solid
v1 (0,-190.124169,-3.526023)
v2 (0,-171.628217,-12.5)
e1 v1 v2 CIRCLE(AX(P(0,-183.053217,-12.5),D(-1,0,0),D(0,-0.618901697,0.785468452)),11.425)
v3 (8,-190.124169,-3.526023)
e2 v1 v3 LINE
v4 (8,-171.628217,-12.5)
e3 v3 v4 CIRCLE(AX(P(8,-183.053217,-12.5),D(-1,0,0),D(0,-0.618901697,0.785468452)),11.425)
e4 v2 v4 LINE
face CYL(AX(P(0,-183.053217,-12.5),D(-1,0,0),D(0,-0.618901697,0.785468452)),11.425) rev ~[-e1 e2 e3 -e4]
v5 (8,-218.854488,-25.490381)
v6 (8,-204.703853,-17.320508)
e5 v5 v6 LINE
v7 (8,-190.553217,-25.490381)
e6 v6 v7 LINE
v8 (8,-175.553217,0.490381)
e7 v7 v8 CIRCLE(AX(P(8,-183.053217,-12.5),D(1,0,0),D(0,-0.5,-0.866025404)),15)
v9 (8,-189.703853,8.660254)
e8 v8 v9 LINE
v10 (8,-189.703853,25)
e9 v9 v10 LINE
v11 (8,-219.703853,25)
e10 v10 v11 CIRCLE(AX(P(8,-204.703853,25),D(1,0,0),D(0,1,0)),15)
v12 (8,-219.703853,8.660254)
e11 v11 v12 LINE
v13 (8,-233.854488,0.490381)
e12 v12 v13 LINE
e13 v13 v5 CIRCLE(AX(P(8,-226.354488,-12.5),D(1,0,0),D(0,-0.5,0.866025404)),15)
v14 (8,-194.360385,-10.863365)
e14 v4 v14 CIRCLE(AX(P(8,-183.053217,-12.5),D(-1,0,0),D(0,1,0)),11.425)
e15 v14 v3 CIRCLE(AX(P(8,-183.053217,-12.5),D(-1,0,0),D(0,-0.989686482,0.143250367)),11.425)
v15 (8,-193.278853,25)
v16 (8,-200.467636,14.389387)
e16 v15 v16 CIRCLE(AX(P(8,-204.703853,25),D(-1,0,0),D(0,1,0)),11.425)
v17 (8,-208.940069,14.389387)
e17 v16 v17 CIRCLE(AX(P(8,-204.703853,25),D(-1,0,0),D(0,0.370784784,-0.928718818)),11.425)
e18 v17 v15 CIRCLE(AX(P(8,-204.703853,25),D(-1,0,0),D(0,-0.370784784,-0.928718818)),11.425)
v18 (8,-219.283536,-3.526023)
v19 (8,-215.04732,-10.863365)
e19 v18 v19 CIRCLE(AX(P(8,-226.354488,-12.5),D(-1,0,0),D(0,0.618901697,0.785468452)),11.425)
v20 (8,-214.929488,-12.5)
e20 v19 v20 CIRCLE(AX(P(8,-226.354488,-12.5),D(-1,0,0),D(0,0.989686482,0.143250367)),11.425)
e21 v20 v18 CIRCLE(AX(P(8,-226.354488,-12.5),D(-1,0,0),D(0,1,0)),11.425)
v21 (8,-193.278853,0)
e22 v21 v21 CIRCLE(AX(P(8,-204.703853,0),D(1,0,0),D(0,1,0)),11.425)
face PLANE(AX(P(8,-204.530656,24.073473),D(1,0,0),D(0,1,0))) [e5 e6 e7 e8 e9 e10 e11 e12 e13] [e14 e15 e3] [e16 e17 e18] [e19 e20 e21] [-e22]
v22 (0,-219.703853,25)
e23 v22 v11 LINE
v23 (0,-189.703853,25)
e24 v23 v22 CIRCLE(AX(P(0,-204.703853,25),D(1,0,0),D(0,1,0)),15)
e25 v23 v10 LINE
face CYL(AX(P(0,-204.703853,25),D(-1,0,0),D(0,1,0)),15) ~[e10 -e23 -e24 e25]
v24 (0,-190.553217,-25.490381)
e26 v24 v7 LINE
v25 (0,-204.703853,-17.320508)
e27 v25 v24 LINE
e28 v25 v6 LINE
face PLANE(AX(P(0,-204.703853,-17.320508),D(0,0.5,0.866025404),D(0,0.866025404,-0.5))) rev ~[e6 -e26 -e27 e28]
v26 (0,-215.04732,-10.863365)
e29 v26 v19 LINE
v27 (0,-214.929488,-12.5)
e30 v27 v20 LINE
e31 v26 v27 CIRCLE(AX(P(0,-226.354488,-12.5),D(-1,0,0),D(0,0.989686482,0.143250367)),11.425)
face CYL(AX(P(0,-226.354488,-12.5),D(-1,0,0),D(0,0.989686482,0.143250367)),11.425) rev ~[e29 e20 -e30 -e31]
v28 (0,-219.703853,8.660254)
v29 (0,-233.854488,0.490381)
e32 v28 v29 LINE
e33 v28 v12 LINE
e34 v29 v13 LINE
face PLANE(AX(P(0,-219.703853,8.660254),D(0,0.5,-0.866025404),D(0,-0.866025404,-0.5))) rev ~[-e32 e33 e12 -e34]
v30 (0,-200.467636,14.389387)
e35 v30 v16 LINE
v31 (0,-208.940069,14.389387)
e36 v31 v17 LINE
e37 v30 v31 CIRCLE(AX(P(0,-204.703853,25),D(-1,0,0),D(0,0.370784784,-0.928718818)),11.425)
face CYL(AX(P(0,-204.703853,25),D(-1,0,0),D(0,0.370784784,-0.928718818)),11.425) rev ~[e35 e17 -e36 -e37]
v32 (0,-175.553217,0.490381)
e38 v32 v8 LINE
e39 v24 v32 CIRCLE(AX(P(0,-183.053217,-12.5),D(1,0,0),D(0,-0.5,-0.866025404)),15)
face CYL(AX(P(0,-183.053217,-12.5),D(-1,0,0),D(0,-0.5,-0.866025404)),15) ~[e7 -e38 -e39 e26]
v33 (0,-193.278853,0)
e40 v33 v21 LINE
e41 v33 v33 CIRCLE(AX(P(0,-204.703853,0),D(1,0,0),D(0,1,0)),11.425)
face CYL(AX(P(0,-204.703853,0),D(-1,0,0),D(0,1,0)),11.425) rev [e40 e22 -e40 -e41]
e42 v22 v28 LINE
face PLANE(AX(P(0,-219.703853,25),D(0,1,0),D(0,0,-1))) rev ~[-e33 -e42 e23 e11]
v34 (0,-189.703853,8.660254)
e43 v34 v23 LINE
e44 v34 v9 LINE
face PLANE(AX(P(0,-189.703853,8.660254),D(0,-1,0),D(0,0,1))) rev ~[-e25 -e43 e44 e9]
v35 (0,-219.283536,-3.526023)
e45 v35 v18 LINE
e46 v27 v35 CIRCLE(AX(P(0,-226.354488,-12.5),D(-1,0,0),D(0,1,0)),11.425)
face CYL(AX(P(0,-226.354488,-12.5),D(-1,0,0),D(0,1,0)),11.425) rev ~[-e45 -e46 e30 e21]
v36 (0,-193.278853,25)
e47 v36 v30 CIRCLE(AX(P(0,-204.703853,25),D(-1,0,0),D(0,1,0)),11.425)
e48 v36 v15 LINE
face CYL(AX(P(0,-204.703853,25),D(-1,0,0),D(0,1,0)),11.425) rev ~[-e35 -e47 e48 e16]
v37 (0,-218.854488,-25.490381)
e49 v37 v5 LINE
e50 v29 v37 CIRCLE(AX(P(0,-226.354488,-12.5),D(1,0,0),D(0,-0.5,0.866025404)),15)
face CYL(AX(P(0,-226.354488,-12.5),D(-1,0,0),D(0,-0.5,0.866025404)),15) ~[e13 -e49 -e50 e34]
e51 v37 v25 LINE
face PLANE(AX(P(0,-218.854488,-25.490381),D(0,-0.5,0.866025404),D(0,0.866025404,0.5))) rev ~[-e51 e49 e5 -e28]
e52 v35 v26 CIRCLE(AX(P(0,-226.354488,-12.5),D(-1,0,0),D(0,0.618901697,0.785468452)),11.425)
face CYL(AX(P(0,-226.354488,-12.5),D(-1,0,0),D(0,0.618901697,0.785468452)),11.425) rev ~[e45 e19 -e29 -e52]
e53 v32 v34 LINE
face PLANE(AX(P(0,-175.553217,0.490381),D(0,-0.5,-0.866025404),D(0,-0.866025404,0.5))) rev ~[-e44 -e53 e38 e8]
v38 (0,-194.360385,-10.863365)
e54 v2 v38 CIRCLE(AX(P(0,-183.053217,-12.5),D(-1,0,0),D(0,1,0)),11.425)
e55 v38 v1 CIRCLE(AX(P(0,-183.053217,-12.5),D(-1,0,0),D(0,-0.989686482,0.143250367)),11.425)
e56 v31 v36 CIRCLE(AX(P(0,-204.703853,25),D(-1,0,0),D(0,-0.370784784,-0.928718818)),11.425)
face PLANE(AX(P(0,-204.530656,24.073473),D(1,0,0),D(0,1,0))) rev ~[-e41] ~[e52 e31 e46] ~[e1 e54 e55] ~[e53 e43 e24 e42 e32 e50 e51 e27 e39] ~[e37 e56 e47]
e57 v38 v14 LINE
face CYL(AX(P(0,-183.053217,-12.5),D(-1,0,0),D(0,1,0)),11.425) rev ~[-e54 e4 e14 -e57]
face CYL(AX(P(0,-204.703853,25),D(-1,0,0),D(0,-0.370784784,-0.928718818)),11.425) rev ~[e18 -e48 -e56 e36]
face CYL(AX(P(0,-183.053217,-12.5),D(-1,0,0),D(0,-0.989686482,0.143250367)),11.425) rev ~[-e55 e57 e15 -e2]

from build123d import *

# Parameters (mm, degrees)
F0_R     = 11.425
F1_DEPTH = 8


with BuildPart() as f1:
    # F0 (on Right) → F1 (new body)
    with BuildSketch(Plane.YZ):
        with BuildLine():
            ThreePointArc((-208.9400686967, 14.3893875), (-211.1121227902, 34.458577976), (-193.2788525343, 25))
            ThreePointArc((-193.2788525343, 25), (-195.2452745583, 18.5917297441), (-200.4676363719, 14.3893875))
            ThreePointArc((-200.4676363719, 14.3893875), (-198.7941996503, 13.7868053874), (-197.2038525343, 12.9903810568))
            Line((-197.2038525343, 12.9903810568), (-189.7038525343, 8.6602540378))
            Line((-189.7038525343, 8.6602540378), (-189.7038525343, 25))
            ThreePointArc((-189.7038525343, 25), (-204.7038525343, 40), (-219.7038525343, 25))
            Line((-219.7038525343, 25), (-219.7038525343, 8.6602540378))
            Line((-219.7038525343, 8.6602540378), (-212.2038525343, 12.9903810568))
            ThreePointArc((-212.2038525343, 12.9903810568), (-210.6135054183, 13.7868053874), (-208.9400686967, 14.3893875))
        make_face()
        with BuildLine():
            ThreePointArc((-219.7038525343, 0), (-217.6942335911, 7.5), (-212.2038525343, 12.9903810568))
            Line((-212.2038525343, 12.9903810568), (-219.7038525343, 8.6602540378))
            Line((-219.7038525343, 8.6602540378), (-219.7038525343, 0))
        make_face()
        with BuildLine():
            Line((-189.7038525343, 8.6602540378), (-197.2038525343, 12.9903810568))
            ThreePointArc((-197.2038525343, 12.9903810568), (-191.7134714775, 7.5), (-189.7038525343, 0))
            Line((-189.7038525343, 0), (-189.7038525343, 8.6602540378))
        make_face()
        with BuildLine():
            Line((-219.7038525343, 0), (-219.7038525343, 8.6602540378))
            Line((-219.7038525343, 8.6602540378), (-233.8544876289, 0.4903810568))
            ThreePointArc((-233.8544876289, 0.4903810568), (-239.3448686857, -20), (-218.8544876289, -25.4903810568))
            Line((-218.8544876289, -25.4903810568), (-204.7038525343, -17.3205080757))
            Line((-204.7038525343, -17.3205080757), (-212.2038525343, -12.9903810568))
            ThreePointArc((-212.2038525343, -12.9903810568), (-213.6887497948, -12.0113122188), (-215.047319573, -10.8633645626))
            ThreePointArc((-215.047319573, -10.8633645626), (-214.9589836901, -11.6795641521), (-214.9294876289, -12.5))
            ThreePointArc((-214.9294876289, -12.5), (-236.6335014528, -17.487233683), (-219.2835357354, -3.5260229374))
            ThreePointArc((-219.2835357354, -3.5260229374), (-219.5984026788, -1.7754931686), (-219.7038525343, 0))
        make_face()
        with BuildLine():
            Line((-189.7038525343, 8.6602540378), (-189.7038525343, 0))
            ThreePointArc((-189.7038525343, 0), (-189.8093023897, -1.7754931686), (-190.1241693332, -3.5260229374))
            ThreePointArc((-190.1241693332, -3.5260229374), (-178.0659837567, -2.2209861761), (-171.6282174397, -12.5))
            ThreePointArc((-171.6282174397, -12.5), (-183.8736532876, -23.8955039388), (-194.3603854956, -10.8633645626))
            ThreePointArc((-194.3603854956, -10.8633645626), (-195.7189552738, -12.0113122188), (-197.2038525343, -12.9903810568))
            Line((-197.2038525343, -12.9903810568), (-204.7038525343, -17.3205080757))
            Line((-204.7038525343, -17.3205080757), (-190.5532174397, -25.4903810568))
            ThreePointArc((-190.5532174397, -25.4903810568), (-170.0628363829, -20), (-175.5532174397, 0.4903810568))
            Line((-175.5532174397, 0.4903810568), (-189.7038525343, 8.6602540378))
        make_face()
        with BuildLine():
            Line((-212.2038525343, -12.9903810568), (-204.7038525343, -17.3205080757))
            Line((-204.7038525343, -17.3205080757), (-197.2038525343, -12.9903810568))
            ThreePointArc((-197.2038525343, -12.9903810568), (-204.7038525343, -15), (-212.2038525343, -12.9903810568))
        make_face()
        with BuildLine():
            ThreePointArc((-200.4676363719, 14.3893875), (-204.7038525343, 13.575), (-208.9400686967, 14.3893875))
            ThreePointArc((-208.9400686967, 14.3893875), (-210.6135054183, 13.7868053874), (-212.2038525343, 12.9903810568))
            ThreePointArc((-212.2038525343, 12.9903810568), (-217.6942335911, 7.5), (-219.7038525343, 0))
            ThreePointArc((-219.7038525343, 0), (-219.5984026788, -1.7754931686), (-219.2835357354, -3.5260229374))
            ThreePointArc((-219.2835357354, -3.5260229374), (-216.4601473907, -6.7875), (-215.047319573, -10.8633645626))
            ThreePointArc((-215.047319573, -10.8633645626), (-213.6887497948, -12.0113122188), (-212.2038525343, -12.9903810568))
            ThreePointArc((-212.2038525343, -12.9903810568), (-204.7038525343, -15), (-197.2038525343, -12.9903810568))
            ThreePointArc((-197.2038525343, -12.9903810568), (-195.7189552738, -12.0113122188), (-194.3603854956, -10.8633645626))
            ThreePointArc((-194.3603854956, -10.8633645626), (-192.9475576779, -6.7875), (-190.1241693332, -3.5260229374))
            ThreePointArc((-190.1241693332, -3.5260229374), (-189.8093023897, -1.7754931686), (-189.7038525343, 0))
            ThreePointArc((-189.7038525343, 0), (-191.7134714775, 7.5), (-197.2038525343, 12.9903810568))
            ThreePointArc((-197.2038525343, 12.9903810568), (-198.7941996503, 13.7868053874), (-200.4676363719, 14.3893875))
        make_face()
        with Locations((-204.7038525343, 0)):
            Circle(F0_R, mode=Mode.SUBTRACT)
    extrude(amount=F1_DEPTH)


solid = f1.part
